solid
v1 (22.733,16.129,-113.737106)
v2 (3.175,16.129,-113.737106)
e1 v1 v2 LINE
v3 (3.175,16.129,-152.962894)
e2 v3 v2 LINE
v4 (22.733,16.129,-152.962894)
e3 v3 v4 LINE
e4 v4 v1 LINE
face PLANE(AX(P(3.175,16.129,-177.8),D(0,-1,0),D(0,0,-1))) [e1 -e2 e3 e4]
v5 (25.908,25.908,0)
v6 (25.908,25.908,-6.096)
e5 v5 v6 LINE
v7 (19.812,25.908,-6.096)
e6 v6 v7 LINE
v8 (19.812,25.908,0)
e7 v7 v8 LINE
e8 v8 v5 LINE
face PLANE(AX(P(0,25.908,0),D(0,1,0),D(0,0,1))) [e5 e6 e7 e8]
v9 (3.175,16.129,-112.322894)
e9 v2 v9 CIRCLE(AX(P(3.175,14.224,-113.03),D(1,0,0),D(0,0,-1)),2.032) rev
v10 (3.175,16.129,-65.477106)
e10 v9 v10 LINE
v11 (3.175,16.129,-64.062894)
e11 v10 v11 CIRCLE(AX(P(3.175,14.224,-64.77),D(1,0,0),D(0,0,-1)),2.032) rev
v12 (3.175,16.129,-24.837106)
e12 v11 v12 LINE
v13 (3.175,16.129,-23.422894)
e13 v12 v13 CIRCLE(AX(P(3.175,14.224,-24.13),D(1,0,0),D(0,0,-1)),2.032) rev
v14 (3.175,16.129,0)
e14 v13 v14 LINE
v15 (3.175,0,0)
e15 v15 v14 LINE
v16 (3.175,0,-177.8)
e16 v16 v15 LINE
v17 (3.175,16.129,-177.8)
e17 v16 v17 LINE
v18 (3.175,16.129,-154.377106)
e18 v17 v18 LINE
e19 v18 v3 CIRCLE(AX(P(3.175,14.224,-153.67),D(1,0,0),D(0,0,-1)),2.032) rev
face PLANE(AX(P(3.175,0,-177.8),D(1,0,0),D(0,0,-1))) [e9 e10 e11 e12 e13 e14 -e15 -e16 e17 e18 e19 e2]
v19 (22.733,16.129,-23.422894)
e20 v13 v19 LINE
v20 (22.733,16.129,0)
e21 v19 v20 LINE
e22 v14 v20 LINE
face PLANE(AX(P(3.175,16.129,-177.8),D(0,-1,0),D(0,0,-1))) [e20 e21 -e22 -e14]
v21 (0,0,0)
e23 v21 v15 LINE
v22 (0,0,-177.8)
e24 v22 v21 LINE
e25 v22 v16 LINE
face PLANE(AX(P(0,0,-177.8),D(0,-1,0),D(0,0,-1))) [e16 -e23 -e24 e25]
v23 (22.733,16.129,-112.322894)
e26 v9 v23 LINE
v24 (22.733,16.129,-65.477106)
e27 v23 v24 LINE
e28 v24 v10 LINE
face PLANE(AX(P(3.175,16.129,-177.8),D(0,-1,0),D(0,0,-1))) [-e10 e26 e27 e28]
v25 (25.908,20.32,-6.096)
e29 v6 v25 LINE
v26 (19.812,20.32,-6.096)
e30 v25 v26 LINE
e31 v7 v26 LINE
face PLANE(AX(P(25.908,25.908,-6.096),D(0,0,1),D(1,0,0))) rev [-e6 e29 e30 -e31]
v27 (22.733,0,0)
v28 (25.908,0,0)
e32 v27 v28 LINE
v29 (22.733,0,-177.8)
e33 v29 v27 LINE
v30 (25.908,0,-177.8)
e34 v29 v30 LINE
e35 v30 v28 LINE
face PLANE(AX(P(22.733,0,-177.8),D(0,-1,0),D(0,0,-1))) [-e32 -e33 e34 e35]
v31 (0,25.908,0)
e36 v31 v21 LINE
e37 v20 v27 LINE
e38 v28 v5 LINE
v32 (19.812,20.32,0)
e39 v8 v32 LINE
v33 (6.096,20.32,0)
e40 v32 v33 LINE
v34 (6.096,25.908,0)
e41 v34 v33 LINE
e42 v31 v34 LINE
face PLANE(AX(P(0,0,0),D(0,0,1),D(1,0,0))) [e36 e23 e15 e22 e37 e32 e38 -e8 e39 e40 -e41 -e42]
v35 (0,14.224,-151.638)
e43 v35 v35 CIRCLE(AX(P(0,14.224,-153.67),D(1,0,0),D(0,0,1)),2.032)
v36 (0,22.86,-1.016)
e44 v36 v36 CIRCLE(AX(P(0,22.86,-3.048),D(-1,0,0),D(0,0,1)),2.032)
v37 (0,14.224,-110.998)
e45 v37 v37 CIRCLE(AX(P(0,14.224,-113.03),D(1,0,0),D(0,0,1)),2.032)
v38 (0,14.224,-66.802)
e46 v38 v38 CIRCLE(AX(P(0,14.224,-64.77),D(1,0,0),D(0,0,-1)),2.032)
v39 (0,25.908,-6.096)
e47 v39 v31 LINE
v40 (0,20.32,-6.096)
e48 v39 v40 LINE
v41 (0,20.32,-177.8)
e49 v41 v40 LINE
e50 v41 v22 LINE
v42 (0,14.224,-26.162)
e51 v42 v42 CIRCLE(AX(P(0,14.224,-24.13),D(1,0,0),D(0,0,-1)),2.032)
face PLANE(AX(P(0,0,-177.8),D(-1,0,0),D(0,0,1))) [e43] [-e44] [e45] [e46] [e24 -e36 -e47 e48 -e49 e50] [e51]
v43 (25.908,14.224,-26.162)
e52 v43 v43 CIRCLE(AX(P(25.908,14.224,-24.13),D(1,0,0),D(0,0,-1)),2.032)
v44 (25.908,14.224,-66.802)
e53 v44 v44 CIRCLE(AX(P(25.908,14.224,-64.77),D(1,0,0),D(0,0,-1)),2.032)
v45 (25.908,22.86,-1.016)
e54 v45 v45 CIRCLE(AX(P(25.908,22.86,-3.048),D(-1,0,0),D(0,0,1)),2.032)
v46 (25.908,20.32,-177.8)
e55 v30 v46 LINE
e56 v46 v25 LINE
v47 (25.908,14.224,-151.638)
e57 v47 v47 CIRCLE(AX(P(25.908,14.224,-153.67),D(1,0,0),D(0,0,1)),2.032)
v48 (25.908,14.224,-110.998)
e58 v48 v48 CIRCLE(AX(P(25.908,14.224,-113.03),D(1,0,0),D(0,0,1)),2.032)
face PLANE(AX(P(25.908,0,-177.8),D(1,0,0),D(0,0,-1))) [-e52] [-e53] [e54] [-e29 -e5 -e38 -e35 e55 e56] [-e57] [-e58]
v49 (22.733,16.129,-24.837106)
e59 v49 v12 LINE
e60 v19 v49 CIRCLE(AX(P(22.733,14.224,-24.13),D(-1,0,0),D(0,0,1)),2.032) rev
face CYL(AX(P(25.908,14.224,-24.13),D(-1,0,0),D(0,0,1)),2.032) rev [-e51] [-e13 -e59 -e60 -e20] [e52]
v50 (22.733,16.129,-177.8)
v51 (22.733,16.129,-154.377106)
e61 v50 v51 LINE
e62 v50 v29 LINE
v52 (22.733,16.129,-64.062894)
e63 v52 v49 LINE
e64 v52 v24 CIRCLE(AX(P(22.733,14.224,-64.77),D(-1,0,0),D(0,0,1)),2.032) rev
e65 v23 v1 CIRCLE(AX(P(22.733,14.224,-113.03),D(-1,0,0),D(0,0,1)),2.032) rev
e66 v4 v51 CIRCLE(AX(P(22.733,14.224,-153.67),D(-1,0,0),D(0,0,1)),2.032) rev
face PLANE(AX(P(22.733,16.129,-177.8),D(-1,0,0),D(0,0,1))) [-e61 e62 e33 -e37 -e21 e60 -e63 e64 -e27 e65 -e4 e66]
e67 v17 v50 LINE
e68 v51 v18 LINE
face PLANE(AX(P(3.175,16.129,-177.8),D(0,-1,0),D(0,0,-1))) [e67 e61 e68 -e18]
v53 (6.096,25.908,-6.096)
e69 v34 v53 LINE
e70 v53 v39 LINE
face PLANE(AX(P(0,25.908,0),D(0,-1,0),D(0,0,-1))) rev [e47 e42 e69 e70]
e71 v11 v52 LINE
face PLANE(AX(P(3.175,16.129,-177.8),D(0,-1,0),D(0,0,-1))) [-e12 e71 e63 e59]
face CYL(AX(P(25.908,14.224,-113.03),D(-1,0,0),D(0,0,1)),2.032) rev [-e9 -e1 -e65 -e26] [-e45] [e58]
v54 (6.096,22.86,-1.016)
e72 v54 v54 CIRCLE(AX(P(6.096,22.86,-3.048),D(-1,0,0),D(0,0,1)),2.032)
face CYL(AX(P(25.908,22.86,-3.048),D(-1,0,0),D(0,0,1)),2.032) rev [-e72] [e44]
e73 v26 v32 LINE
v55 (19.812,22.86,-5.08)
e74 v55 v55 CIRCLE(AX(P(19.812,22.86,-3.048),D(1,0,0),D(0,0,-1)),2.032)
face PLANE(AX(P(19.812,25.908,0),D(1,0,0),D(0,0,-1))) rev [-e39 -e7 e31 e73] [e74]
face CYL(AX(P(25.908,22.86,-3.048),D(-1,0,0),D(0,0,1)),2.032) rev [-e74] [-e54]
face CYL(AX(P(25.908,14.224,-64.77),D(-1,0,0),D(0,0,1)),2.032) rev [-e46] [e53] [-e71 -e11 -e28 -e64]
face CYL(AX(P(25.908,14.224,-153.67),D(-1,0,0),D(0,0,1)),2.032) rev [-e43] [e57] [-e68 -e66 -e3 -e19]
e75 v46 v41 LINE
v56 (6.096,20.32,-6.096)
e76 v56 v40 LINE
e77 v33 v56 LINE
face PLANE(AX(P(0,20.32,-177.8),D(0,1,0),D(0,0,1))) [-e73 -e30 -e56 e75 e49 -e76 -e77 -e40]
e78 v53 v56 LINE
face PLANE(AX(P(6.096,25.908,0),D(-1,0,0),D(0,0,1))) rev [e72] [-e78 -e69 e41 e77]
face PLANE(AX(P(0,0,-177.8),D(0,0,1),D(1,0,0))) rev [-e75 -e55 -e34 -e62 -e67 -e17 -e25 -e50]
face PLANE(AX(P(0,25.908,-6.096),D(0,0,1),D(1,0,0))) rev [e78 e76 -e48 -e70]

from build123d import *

# Parameters (mm, degrees)
BOSS_EXTRUDE2_DEPTH     = 177.8
SKETCH19_R              = 2.032
CUT_EXTRUDE3_DEPTH      = 26.908
SKETCH21_W              = 6.096
SKETCH21_H              = 6.096
BOSS_EXTRUDE4_DEPTH     = 5.588
SKETCH22_R              = 2.032
CUT_EXTRUDE4_DEPTH      = 20.812
CUT_EXTRUDE4_DEPTH_BACK = 7.096


with BuildPart() as part:
    # Sketch2 → Boss-Extrude2 (new body)
    with BuildSketch(Plane.XY):
        Polygon((0, 0), (0, 20.32), (25.908, 20.32), (25.908, 0), (22.733, 0), (22.733, 16.129), (3.175, 16.129), (3.175, 0), align=None)
    extrude(amount=-BOSS_EXTRUDE2_DEPTH)

    # Sketch19 → Cut-Extrude3 (cut, through all)
    with BuildSketch(Plane(origin=(0, 0, 0), x_dir=(0, 0, -1), z_dir=(1, 0, 0))):
        with Locations((24.13, 14.224)):
            Circle(SKETCH19_R)
        with Locations((64.77, 14.224)):
            Circle(SKETCH19_R)
        with Locations((113.03, 14.224)):
            Circle(SKETCH19_R)
        with Locations((153.67, 14.224)):
            Circle(SKETCH19_R)
    extrude(amount=CUT_EXTRUDE3_DEPTH, mode=Mode.SUBTRACT)

    # Sketch21 → Boss-Extrude4 (add)
    with BuildSketch(Plane(origin=(0, 20.32, 0), x_dir=(1, 0, 0), z_dir=(0, 1, 0))):
        with Locations((3.048, 3.048)):
            Rectangle(SKETCH21_W, SKETCH21_H)
        with Locations((22.86, 3.048)):
            Rectangle(SKETCH21_W, SKETCH21_H)
    extrude(amount=BOSS_EXTRUDE4_DEPTH)

    # Sketch22 → Cut-Extrude4 (cut, two sides)
    with BuildSketch(Plane.ZY.offset(-19.812)) as cut_extrude4_sk:
        with Locations((-3.048, 22.86)):
            Circle(SKETCH22_R)
    extrude(amount=CUT_EXTRUDE4_DEPTH, mode=Mode.SUBTRACT)
    extrude(cut_extrude4_sk.sketch, amount=-CUT_EXTRUDE4_DEPTH_BACK, mode=Mode.SUBTRACT)


solid = part.part
